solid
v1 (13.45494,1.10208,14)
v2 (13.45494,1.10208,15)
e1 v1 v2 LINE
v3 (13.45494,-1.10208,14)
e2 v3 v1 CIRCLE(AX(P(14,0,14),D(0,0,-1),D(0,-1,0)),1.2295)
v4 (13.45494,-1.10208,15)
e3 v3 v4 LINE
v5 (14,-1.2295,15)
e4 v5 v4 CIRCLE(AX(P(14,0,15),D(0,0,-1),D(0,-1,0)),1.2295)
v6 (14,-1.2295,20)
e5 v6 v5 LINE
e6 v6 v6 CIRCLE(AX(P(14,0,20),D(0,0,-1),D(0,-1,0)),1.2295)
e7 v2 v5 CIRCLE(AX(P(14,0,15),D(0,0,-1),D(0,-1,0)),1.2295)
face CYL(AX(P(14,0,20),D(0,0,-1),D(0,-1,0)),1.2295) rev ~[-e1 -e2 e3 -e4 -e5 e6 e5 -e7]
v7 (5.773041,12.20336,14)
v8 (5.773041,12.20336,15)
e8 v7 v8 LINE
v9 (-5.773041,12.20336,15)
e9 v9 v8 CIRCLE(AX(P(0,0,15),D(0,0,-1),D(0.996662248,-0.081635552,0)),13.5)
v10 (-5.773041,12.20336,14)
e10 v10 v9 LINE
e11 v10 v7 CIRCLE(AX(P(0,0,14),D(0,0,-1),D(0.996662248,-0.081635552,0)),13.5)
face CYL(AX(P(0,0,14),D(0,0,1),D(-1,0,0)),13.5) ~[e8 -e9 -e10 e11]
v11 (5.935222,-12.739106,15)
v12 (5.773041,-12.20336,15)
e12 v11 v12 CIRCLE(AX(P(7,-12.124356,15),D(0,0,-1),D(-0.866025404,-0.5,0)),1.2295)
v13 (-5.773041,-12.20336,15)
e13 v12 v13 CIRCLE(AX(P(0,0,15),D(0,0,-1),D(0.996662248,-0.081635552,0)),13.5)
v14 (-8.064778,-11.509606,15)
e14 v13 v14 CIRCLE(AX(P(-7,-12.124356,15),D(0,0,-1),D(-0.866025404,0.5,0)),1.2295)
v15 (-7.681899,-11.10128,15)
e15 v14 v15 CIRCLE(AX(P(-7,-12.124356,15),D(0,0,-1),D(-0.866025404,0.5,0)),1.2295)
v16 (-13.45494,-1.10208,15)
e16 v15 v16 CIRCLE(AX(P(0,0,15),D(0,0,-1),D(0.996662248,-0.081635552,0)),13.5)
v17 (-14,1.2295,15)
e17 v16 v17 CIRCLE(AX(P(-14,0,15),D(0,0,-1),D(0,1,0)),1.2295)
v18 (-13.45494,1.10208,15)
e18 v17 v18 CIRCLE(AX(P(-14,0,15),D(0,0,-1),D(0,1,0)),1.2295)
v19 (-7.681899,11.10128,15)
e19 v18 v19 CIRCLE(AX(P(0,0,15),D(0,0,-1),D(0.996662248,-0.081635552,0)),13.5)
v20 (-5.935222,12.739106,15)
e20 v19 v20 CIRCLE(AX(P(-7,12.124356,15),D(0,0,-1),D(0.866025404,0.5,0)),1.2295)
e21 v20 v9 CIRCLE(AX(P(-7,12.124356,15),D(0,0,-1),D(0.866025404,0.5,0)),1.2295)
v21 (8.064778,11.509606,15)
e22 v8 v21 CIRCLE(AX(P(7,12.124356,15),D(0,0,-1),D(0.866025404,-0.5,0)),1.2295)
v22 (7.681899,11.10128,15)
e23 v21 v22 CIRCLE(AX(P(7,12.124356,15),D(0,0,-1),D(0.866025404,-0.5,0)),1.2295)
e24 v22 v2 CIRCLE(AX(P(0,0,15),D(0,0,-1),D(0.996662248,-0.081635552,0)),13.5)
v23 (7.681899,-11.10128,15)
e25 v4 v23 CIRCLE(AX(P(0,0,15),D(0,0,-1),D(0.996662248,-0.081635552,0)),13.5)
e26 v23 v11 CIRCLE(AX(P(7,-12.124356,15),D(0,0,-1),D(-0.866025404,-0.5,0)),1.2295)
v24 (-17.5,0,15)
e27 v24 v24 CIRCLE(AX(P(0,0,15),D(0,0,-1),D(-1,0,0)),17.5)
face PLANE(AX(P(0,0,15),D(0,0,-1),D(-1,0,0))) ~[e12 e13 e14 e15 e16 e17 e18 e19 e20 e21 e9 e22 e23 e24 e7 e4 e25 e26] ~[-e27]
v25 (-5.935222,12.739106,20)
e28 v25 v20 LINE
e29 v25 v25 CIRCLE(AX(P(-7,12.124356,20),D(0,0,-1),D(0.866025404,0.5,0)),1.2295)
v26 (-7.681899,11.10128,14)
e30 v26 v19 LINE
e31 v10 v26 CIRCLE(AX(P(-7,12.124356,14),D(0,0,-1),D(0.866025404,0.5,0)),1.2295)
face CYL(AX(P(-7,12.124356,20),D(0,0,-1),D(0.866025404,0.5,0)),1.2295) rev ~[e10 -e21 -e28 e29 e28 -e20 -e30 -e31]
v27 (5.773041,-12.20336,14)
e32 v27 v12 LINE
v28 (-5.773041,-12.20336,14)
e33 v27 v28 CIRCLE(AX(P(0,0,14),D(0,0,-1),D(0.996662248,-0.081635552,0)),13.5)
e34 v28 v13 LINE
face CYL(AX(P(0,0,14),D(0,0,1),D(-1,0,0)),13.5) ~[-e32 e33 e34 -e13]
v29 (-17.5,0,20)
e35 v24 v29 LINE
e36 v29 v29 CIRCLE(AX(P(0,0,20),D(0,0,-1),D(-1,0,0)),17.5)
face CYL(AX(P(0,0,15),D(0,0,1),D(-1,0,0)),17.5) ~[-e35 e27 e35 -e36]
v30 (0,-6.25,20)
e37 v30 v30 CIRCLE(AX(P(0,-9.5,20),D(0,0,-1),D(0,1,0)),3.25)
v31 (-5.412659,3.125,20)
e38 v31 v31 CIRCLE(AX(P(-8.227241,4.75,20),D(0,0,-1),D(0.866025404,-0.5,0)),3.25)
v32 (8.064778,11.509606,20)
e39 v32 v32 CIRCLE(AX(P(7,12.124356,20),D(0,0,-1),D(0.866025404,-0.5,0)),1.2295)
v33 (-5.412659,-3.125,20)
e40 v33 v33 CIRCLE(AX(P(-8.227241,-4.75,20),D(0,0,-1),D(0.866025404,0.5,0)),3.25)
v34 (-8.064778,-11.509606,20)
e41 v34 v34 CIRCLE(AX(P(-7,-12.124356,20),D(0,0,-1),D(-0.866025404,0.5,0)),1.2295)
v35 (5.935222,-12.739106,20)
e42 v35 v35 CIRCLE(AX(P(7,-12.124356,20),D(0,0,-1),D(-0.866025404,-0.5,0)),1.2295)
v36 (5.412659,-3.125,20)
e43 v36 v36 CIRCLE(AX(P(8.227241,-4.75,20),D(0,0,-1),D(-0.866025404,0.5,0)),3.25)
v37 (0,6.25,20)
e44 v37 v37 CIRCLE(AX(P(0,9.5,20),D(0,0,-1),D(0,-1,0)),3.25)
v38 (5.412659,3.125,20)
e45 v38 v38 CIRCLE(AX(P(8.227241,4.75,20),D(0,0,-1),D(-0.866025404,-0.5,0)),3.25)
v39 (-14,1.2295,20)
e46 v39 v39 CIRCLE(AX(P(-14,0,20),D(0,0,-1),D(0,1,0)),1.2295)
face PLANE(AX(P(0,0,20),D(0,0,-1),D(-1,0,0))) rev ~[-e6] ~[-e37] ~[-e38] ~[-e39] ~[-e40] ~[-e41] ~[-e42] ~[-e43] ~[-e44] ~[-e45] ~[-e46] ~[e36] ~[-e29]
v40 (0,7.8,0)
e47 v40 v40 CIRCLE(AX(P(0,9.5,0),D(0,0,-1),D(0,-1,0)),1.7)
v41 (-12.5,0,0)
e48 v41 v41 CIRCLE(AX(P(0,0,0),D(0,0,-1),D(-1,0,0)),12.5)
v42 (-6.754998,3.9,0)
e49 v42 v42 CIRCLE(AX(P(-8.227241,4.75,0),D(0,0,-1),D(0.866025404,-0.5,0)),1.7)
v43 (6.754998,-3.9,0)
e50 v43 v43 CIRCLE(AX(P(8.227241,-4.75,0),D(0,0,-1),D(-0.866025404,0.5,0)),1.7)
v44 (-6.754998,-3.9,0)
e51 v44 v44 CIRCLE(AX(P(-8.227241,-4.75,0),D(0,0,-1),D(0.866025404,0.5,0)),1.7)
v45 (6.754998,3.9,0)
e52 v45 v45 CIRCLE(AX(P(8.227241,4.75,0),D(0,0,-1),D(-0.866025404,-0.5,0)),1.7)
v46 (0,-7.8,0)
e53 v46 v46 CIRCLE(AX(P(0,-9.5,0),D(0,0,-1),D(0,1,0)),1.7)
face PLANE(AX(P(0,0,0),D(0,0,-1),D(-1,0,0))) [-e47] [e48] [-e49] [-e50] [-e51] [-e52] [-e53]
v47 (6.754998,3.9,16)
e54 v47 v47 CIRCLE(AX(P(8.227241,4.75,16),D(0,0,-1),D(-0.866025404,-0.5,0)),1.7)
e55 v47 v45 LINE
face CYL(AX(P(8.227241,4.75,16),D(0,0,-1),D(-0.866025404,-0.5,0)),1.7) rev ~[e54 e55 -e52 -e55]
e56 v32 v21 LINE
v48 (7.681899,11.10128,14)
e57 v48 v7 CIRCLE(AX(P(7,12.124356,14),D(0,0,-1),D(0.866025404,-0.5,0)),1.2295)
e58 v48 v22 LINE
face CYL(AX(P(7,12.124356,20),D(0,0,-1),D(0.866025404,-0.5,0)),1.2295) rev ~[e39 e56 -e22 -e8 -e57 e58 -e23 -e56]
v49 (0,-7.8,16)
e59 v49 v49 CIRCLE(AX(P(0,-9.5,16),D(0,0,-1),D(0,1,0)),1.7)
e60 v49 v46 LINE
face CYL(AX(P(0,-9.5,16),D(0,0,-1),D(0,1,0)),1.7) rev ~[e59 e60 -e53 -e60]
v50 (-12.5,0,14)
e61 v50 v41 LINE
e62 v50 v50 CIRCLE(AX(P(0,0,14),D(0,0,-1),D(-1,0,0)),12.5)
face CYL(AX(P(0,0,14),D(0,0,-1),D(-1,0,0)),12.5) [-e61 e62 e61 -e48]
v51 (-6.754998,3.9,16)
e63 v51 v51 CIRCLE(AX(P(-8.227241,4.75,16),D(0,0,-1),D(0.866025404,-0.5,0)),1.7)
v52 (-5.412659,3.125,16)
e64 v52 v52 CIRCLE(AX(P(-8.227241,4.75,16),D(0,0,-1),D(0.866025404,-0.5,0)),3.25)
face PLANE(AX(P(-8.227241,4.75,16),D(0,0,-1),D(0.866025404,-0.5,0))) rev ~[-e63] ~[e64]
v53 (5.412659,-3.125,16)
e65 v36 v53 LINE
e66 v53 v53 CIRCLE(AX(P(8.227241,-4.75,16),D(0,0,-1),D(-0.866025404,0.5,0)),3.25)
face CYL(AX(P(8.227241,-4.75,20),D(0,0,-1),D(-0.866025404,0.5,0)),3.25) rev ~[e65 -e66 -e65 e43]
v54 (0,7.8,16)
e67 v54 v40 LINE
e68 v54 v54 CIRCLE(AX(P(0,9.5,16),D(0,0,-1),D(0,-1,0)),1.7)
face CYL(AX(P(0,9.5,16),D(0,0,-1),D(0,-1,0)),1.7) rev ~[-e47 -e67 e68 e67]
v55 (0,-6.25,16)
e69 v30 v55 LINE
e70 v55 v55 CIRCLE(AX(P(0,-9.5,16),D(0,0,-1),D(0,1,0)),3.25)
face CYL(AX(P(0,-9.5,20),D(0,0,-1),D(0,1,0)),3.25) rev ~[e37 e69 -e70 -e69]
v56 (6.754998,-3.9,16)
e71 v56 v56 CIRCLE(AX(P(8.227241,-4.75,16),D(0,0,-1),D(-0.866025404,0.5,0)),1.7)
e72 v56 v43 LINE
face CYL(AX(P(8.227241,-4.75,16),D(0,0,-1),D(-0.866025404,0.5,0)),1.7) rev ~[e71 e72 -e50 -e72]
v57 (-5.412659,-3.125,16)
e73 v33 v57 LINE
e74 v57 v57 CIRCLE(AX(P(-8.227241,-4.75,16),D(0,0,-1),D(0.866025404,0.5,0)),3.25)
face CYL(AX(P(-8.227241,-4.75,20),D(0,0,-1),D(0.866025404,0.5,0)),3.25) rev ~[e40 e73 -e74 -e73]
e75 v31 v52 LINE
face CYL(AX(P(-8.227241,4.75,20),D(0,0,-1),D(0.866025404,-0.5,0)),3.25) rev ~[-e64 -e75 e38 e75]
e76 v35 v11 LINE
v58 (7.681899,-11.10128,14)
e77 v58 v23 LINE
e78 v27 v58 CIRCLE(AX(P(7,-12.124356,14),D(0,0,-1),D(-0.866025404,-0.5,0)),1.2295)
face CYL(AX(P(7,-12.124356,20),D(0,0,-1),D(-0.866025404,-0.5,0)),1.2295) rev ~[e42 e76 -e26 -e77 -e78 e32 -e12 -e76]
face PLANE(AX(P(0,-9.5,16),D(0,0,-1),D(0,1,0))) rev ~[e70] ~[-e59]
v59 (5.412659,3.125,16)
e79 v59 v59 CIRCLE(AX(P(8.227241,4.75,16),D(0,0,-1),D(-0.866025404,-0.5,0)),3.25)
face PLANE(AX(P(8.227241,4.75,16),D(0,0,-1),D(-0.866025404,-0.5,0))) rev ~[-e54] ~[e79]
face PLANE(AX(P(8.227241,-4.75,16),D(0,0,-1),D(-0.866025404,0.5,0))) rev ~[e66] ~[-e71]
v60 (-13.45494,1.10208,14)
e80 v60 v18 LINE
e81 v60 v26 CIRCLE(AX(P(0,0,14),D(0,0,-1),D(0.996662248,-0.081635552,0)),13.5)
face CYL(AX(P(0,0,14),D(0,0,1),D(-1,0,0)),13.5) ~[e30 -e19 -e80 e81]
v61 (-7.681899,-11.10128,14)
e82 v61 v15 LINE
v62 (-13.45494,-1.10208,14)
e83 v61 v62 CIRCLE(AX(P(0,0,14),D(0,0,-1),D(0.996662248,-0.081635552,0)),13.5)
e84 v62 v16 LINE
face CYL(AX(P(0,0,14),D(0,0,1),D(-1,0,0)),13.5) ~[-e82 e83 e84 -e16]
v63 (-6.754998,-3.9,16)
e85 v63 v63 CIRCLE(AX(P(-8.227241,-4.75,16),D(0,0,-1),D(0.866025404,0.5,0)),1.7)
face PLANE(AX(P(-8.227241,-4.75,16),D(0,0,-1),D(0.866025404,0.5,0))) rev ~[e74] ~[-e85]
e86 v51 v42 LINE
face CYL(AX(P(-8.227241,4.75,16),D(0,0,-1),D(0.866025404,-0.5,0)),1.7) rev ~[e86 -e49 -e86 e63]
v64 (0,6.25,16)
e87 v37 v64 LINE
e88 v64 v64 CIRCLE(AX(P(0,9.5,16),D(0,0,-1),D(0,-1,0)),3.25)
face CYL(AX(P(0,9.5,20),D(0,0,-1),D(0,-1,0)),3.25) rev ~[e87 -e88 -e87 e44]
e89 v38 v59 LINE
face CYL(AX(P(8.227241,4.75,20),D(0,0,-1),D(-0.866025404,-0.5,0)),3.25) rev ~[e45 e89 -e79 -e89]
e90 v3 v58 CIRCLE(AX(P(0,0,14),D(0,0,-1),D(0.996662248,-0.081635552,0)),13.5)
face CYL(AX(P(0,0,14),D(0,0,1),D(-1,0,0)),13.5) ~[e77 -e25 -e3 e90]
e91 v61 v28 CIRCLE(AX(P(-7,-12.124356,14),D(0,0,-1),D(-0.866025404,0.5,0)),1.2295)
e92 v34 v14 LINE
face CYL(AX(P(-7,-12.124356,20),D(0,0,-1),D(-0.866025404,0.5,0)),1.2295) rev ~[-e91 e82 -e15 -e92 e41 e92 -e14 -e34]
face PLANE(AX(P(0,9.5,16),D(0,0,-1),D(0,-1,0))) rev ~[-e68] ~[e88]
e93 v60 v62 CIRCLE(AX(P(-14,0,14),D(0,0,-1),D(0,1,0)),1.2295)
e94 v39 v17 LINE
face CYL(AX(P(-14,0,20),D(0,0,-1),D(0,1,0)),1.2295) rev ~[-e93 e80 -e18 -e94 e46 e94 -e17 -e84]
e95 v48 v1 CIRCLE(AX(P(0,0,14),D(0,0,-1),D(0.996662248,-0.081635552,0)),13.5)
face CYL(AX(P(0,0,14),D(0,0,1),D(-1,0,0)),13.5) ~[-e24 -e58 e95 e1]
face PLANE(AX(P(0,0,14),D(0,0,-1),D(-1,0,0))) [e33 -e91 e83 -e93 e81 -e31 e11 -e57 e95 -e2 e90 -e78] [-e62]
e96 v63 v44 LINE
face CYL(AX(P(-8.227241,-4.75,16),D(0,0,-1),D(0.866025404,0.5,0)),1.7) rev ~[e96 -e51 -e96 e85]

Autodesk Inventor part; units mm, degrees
ref_plane "YZ Plane" through (0, 0, 0) normal (1, 0, 0) x (0, 1, 0)
ref_plane "XZ Plane" through (0, 0, 0) normal (0, 1, 0) x (-1, 0, 0)
ref_plane "XY Plane" through (0, 0, 0) normal (0, 0, 1) x (1, 0, 0)
sketch "Sketch1" plane through (0, 0, 0) normal (0, 1, 0) x (-1, 0, 0)
  line L0 (13.5, 14) -> (13.5, 15)
  line L1 (13.5, 15) -> (17.5, 15)
  line L2 (17.5, 15) -> (17.5, 20)
  line L3 (17.5, 20) -> (0, 20)
  line L4 (0, 20) -> (0, 0)
  line L5 (13.5, 14) -> (12.5, 14)
  line L6 (12.5, 14) -> (12.5, 0)
  line L7 (12.5, 0) -> (0, 0)
  dimension "d1" = 27
  dimension "d2" = 35
  dimension "d3" = 1
  dimension "d4" = 5
  dimension "d28" = 25
  dimension "d29" = 14
revolve "Revolution1" add sketch "Sketch1" angle 360 about axis through (0, 0, 20) along (0, 0, -1)
sketch "Sketch2" plane through (0, 0, 20) normal (0, 0, 1) x (1, 0, 0)
  point P0 (0, 0)
  point P1 (0, 9.5)
  dimension "d6" = 9.5
hole "Hole1" at (0, 9.5, 20) direction (0, 0, -1) diameter 3.4 end through all counterbore diameter 6.5 counterbore depth 4 clearance for "Socket Head Cap Screw DIN EN ISO 4762" size "M3" standard "DIN"
pattern_circular "Circular Pattern1" count 6 over 360 about axis through (0, 0, -10) along (0, 0, -1) of "Hole1"
sketch "Sketch3" plane through (0, 0, 20) normal (0, 0, 1) x (1, 0, 0)
  point P0 (0, 0)
  point P1 (14, 0)
  dimension "d17" = 14
hole "Hole2" at (14, 0, 20) direction (0, 0, -1) diameter 2.459 end through all thread size "M3x0.5" class "6H" standard "ISO Metric profile"
pattern_circular "Circular Pattern2" count 6 over 360 about axis through (0, 0, -10) along (0, 0, 1) of "Hole2"
equation "\"d28\" = bearing_61705_inner"
equation "\"bearing_61807_inner\" = 35"
equation "\"bearing_61807_outer\" = 47.1"
equation "\"bearing_61814_outer\" = 90.1"
equation "\"bearing_61705_outer\" = 32.1"
equation "\"bearing_61705_inner\" = 25"
equation "\"M3_adjustable\" = 3.2"
equation "\"bearing_606_outer\" = 17.1"
equation "\"gearbox_35_outer\" = 32.3"
properties part number "405-output disk"
